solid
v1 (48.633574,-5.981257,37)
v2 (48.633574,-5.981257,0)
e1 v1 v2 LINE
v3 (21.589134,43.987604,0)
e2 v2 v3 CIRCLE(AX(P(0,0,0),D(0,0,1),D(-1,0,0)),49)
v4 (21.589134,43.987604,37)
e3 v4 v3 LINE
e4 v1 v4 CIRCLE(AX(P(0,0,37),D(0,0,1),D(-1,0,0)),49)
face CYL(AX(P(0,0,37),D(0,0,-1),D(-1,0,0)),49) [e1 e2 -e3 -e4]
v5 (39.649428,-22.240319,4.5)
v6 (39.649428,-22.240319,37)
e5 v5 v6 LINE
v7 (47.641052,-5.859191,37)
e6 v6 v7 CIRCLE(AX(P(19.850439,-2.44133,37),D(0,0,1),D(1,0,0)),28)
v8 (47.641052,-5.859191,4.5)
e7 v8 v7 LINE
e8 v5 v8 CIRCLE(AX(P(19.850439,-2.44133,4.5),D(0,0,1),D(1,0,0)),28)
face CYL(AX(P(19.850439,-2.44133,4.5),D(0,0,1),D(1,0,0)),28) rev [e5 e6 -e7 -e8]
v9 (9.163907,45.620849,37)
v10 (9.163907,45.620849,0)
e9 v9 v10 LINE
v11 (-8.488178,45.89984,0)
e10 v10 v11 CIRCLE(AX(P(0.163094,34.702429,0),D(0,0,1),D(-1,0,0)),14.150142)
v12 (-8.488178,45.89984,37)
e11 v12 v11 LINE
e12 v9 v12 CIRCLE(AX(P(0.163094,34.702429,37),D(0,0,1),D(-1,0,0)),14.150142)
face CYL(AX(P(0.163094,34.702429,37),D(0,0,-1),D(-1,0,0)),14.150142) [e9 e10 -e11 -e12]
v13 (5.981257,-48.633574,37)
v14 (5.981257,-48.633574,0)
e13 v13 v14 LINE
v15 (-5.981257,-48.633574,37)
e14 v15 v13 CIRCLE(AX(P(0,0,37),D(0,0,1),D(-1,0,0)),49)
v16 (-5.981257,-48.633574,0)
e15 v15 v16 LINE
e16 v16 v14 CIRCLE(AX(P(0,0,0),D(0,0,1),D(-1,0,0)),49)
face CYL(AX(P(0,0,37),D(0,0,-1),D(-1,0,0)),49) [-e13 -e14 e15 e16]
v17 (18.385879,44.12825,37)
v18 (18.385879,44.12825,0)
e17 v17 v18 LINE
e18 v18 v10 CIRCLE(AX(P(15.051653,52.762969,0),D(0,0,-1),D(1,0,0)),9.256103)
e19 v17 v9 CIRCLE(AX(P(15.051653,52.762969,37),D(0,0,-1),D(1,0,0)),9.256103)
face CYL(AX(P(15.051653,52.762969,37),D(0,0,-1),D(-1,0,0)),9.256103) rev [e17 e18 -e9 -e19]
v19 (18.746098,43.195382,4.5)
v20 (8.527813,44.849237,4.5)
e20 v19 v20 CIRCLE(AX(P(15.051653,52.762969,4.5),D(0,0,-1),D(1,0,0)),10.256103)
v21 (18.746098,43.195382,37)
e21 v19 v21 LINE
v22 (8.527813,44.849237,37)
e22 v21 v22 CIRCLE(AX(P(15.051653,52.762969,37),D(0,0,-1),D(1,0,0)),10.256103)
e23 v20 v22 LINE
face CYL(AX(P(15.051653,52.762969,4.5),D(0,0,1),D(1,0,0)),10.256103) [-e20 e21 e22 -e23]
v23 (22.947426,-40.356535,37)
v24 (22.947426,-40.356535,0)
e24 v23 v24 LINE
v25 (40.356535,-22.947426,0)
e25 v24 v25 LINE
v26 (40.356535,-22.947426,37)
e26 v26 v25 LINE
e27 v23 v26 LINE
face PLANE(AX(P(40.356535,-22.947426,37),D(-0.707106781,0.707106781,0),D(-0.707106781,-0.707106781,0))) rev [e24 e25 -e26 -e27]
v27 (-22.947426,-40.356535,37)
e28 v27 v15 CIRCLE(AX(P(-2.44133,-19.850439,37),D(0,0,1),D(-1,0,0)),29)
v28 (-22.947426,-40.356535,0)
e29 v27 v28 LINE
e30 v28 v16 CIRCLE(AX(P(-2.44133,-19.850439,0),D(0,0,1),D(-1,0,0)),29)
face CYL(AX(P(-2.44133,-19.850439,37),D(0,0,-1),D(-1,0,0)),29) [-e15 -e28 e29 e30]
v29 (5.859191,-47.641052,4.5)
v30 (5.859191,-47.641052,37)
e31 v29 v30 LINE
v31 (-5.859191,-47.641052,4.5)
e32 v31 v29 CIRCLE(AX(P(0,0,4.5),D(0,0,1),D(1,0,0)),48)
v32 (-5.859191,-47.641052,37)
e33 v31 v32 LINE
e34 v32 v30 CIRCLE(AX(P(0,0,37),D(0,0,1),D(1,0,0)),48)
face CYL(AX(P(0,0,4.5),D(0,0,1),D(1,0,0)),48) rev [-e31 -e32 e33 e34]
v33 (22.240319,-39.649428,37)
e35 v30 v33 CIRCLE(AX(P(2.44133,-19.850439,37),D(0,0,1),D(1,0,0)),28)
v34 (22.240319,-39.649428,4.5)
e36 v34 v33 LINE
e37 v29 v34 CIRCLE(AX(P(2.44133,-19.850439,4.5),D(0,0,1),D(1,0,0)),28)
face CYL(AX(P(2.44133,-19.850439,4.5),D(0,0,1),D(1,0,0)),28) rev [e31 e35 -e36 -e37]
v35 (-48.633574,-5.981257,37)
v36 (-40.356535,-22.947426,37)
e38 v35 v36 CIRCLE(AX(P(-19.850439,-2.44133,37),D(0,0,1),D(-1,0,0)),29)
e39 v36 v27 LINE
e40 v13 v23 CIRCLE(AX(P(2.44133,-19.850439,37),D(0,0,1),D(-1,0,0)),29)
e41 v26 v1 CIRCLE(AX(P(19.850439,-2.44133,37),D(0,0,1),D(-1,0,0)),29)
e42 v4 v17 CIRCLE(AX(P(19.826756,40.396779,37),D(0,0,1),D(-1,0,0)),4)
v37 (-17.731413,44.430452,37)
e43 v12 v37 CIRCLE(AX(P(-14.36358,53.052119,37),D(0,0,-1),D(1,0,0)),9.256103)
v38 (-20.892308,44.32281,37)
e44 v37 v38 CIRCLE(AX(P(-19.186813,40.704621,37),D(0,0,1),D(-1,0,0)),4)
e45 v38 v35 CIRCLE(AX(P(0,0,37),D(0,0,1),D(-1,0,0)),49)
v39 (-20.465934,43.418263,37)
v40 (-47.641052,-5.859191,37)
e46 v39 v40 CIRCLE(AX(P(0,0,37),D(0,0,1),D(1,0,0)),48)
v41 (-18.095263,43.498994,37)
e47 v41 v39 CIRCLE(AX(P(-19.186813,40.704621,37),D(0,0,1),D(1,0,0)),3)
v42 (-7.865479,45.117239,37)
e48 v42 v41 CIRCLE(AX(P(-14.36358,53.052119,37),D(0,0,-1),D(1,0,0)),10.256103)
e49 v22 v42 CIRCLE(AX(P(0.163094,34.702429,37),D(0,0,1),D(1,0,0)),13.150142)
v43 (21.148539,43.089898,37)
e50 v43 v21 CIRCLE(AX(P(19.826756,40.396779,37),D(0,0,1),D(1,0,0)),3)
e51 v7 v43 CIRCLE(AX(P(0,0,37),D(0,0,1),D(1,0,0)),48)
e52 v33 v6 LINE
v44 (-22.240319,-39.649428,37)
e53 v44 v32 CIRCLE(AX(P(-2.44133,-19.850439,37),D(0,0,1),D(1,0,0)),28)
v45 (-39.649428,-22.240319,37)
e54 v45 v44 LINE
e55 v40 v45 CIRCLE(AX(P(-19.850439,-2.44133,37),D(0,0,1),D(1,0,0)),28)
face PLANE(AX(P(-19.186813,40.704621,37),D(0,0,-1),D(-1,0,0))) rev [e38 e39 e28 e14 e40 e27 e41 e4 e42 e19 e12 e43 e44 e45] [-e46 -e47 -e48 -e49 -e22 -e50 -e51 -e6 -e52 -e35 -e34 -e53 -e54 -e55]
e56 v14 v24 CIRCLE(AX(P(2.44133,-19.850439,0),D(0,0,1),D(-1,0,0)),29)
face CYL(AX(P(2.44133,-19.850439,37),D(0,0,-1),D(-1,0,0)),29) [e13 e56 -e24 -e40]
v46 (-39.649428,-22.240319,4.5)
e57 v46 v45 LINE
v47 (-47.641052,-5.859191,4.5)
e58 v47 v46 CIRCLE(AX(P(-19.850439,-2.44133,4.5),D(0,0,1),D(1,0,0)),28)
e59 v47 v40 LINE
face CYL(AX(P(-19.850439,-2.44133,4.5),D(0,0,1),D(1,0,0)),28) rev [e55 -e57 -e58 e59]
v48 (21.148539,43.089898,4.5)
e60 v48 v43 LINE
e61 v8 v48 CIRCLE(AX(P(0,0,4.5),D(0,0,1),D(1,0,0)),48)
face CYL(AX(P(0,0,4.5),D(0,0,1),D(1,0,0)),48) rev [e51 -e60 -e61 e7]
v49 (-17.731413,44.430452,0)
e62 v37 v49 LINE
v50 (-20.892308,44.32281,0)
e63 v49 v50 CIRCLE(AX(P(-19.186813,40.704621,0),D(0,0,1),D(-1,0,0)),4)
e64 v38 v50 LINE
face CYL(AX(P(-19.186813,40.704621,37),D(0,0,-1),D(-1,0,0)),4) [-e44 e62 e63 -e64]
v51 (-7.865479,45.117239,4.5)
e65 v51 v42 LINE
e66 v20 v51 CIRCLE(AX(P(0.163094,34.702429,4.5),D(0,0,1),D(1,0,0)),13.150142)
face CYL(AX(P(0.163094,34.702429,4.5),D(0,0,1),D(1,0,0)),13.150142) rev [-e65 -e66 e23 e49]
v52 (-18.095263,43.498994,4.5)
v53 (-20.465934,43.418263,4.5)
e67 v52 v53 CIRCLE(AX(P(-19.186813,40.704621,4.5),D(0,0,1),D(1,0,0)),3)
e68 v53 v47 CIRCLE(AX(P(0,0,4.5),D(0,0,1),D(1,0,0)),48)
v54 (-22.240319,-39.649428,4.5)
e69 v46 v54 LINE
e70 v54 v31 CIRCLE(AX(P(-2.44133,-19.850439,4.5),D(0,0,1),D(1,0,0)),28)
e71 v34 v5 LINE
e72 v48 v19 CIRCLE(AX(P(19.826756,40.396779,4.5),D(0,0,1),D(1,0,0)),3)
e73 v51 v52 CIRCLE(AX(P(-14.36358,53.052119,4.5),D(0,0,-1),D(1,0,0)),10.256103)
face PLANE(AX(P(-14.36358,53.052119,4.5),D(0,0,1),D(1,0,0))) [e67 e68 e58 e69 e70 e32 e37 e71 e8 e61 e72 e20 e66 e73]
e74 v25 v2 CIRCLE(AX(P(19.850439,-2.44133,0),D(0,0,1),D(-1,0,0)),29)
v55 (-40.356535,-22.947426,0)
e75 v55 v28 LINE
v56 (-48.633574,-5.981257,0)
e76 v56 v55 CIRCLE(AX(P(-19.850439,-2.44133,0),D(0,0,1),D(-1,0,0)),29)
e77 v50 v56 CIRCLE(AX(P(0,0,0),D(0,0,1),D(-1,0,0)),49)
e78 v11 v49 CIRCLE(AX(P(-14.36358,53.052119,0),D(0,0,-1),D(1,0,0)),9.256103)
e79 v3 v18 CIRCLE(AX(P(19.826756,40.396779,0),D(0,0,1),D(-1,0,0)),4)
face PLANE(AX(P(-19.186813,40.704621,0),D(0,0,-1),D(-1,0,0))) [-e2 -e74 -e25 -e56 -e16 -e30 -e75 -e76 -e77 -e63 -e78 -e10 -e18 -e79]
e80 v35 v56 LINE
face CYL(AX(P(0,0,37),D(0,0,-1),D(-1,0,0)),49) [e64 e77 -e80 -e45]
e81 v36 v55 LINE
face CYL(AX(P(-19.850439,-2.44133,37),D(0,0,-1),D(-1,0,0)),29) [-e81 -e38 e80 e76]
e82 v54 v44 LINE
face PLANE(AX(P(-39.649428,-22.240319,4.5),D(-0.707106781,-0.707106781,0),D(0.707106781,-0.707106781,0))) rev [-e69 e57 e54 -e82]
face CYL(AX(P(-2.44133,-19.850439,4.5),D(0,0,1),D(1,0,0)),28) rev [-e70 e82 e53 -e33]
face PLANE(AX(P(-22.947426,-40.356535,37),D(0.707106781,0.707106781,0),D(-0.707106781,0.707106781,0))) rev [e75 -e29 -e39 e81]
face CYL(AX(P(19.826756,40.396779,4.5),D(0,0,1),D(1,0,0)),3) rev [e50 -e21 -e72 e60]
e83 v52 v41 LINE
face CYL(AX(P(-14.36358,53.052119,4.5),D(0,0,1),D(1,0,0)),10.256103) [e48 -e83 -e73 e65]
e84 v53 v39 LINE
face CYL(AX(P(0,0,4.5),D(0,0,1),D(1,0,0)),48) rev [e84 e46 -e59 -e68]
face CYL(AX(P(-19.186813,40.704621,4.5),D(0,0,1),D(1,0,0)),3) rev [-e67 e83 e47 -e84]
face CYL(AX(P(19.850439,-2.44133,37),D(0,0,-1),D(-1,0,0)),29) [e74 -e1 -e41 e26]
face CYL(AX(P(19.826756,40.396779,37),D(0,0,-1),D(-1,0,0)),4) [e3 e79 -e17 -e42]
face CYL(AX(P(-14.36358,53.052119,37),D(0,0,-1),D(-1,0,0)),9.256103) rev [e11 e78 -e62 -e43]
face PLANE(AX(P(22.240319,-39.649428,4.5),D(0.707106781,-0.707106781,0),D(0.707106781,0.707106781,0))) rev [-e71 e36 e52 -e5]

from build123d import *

# Parameters (mm, degrees)
BOSS_EXTRUDE1_DEPTH = 37
CUT_EXTRUDE1_DEPTH  = 32.5


with BuildPart() as part:
    # Sketch1 → Boss-Extrude1 (new body)
    with BuildSketch(Plane.XY):
        with BuildLine():
            Line((40.356535193, -22.947426174), (22.947426174, -40.356535193))
            ThreePointArc((22.947426174, -40.356535193), (15.156681171, -45.914203278), (5.981257322, -48.63357442))
            ThreePointArc((5.981257322, -48.63357442), (0, -49), (-5.981257322, -48.63357442))
            ThreePointArc((-5.981257322, -48.63357442), (-15.156681171, -45.914203278), (-22.947426174, -40.356535193))
            Line((-22.947426174, -40.356535193), (-40.356535193, -22.947426174))
            ThreePointArc((-40.356535193, -22.947426174), (-45.914203278, -15.156681171), (-48.63357442, -5.981257322))
            ThreePointArc((-48.63357442, -5.981257322), (-42.907888217, 23.662483572), (-20.892307913, 44.322809817))
            ThreePointArc((-20.892307913, 44.322809817), (-19.322951214, 44.702303901), (-17.73141344, 44.430451502))
            ThreePointArc((-17.73141344, 44.430451502), (-12.910393927, 43.910800792), (-8.488178405, 45.899839725))
            ThreePointArc((-8.488178405, 45.899839725), (0.386708758, 48.850803922), (9.16390657, 45.62084875))
            ThreePointArc((9.16390657, 45.62084875), (13.572775182, 43.625772556), (18.385878971, 44.128249799))
            ThreePointArc((18.385878971, 44.128249799), (20.002215513, 44.392928913), (21.589134046, 43.987603835))
            ThreePointArc((21.589134046, 43.987603835), (43.093258956, 23.323186587), (48.63357442, -5.981257322))
            ThreePointArc((48.63357442, -5.981257322), (45.914203278, -15.156681171), (40.356535193, -22.947426174))
        make_face()
    extrude(amount=BOSS_EXTRUDE1_DEPTH)

    # Sketch3 → Cut-Extrude1 (cut)
    with BuildSketch(Plane.XY.offset(37)):
        with BuildLine():
            Line((-39.649428412, -22.240319392), (-22.240319392, -39.649428412))
            ThreePointArc((-22.240319392, -39.649428412), (-14.718220769, -45.015452769), (-5.859190846, -47.641052493))
            ThreePointArc((-5.859190846, -47.641052493), (0, -48), (5.859190846, -47.641052493))
            ThreePointArc((5.859190846, -47.641052493), (14.718220769, -45.015452769), (22.240319392, -39.649428412))
            Line((22.240319392, -39.649428412), (39.649428412, -22.240319392))
            ThreePointArc((39.649428412, -22.240319392), (45.015452769, -14.718220769), (47.641052493, -5.859190846))
            ThreePointArc((47.641052493, -5.859190846), (42.213804691, 22.847203188), (21.148539474, 43.089897634))
            ThreePointArc((21.148539474, 43.089897634), (19.958350574, 43.393891443), (18.746098167, 43.195382107))
            ThreePointArc((18.746098167, 43.195382107), (13.413001918, 42.638618817), (8.52781313, 44.849236713))
            ThreePointArc((8.52781313, 44.849236713), (0.378047137, 47.850813988), (-7.865478644, 45.117238565))
            ThreePointArc((-7.865478644, 45.117238565), (-12.761098878, 42.921980343), (-18.095263428, 43.498993941))
            ThreePointArc((-18.095263428, 43.498993941), (-19.288916758, 43.702883241), (-20.465934283, 43.418262678))
            ThreePointArc((-20.465934283, 43.418262678), (-42.032217029, 23.179575744), (-47.641052493, -5.859190846))
            ThreePointArc((-47.641052493, -5.859190846), (-45.015452769, -14.718220769), (-39.649428412, -22.240319392))
        make_face()
    extrude(amount=-CUT_EXTRUDE1_DEPTH, mode=Mode.SUBTRACT)


solid = part.part
